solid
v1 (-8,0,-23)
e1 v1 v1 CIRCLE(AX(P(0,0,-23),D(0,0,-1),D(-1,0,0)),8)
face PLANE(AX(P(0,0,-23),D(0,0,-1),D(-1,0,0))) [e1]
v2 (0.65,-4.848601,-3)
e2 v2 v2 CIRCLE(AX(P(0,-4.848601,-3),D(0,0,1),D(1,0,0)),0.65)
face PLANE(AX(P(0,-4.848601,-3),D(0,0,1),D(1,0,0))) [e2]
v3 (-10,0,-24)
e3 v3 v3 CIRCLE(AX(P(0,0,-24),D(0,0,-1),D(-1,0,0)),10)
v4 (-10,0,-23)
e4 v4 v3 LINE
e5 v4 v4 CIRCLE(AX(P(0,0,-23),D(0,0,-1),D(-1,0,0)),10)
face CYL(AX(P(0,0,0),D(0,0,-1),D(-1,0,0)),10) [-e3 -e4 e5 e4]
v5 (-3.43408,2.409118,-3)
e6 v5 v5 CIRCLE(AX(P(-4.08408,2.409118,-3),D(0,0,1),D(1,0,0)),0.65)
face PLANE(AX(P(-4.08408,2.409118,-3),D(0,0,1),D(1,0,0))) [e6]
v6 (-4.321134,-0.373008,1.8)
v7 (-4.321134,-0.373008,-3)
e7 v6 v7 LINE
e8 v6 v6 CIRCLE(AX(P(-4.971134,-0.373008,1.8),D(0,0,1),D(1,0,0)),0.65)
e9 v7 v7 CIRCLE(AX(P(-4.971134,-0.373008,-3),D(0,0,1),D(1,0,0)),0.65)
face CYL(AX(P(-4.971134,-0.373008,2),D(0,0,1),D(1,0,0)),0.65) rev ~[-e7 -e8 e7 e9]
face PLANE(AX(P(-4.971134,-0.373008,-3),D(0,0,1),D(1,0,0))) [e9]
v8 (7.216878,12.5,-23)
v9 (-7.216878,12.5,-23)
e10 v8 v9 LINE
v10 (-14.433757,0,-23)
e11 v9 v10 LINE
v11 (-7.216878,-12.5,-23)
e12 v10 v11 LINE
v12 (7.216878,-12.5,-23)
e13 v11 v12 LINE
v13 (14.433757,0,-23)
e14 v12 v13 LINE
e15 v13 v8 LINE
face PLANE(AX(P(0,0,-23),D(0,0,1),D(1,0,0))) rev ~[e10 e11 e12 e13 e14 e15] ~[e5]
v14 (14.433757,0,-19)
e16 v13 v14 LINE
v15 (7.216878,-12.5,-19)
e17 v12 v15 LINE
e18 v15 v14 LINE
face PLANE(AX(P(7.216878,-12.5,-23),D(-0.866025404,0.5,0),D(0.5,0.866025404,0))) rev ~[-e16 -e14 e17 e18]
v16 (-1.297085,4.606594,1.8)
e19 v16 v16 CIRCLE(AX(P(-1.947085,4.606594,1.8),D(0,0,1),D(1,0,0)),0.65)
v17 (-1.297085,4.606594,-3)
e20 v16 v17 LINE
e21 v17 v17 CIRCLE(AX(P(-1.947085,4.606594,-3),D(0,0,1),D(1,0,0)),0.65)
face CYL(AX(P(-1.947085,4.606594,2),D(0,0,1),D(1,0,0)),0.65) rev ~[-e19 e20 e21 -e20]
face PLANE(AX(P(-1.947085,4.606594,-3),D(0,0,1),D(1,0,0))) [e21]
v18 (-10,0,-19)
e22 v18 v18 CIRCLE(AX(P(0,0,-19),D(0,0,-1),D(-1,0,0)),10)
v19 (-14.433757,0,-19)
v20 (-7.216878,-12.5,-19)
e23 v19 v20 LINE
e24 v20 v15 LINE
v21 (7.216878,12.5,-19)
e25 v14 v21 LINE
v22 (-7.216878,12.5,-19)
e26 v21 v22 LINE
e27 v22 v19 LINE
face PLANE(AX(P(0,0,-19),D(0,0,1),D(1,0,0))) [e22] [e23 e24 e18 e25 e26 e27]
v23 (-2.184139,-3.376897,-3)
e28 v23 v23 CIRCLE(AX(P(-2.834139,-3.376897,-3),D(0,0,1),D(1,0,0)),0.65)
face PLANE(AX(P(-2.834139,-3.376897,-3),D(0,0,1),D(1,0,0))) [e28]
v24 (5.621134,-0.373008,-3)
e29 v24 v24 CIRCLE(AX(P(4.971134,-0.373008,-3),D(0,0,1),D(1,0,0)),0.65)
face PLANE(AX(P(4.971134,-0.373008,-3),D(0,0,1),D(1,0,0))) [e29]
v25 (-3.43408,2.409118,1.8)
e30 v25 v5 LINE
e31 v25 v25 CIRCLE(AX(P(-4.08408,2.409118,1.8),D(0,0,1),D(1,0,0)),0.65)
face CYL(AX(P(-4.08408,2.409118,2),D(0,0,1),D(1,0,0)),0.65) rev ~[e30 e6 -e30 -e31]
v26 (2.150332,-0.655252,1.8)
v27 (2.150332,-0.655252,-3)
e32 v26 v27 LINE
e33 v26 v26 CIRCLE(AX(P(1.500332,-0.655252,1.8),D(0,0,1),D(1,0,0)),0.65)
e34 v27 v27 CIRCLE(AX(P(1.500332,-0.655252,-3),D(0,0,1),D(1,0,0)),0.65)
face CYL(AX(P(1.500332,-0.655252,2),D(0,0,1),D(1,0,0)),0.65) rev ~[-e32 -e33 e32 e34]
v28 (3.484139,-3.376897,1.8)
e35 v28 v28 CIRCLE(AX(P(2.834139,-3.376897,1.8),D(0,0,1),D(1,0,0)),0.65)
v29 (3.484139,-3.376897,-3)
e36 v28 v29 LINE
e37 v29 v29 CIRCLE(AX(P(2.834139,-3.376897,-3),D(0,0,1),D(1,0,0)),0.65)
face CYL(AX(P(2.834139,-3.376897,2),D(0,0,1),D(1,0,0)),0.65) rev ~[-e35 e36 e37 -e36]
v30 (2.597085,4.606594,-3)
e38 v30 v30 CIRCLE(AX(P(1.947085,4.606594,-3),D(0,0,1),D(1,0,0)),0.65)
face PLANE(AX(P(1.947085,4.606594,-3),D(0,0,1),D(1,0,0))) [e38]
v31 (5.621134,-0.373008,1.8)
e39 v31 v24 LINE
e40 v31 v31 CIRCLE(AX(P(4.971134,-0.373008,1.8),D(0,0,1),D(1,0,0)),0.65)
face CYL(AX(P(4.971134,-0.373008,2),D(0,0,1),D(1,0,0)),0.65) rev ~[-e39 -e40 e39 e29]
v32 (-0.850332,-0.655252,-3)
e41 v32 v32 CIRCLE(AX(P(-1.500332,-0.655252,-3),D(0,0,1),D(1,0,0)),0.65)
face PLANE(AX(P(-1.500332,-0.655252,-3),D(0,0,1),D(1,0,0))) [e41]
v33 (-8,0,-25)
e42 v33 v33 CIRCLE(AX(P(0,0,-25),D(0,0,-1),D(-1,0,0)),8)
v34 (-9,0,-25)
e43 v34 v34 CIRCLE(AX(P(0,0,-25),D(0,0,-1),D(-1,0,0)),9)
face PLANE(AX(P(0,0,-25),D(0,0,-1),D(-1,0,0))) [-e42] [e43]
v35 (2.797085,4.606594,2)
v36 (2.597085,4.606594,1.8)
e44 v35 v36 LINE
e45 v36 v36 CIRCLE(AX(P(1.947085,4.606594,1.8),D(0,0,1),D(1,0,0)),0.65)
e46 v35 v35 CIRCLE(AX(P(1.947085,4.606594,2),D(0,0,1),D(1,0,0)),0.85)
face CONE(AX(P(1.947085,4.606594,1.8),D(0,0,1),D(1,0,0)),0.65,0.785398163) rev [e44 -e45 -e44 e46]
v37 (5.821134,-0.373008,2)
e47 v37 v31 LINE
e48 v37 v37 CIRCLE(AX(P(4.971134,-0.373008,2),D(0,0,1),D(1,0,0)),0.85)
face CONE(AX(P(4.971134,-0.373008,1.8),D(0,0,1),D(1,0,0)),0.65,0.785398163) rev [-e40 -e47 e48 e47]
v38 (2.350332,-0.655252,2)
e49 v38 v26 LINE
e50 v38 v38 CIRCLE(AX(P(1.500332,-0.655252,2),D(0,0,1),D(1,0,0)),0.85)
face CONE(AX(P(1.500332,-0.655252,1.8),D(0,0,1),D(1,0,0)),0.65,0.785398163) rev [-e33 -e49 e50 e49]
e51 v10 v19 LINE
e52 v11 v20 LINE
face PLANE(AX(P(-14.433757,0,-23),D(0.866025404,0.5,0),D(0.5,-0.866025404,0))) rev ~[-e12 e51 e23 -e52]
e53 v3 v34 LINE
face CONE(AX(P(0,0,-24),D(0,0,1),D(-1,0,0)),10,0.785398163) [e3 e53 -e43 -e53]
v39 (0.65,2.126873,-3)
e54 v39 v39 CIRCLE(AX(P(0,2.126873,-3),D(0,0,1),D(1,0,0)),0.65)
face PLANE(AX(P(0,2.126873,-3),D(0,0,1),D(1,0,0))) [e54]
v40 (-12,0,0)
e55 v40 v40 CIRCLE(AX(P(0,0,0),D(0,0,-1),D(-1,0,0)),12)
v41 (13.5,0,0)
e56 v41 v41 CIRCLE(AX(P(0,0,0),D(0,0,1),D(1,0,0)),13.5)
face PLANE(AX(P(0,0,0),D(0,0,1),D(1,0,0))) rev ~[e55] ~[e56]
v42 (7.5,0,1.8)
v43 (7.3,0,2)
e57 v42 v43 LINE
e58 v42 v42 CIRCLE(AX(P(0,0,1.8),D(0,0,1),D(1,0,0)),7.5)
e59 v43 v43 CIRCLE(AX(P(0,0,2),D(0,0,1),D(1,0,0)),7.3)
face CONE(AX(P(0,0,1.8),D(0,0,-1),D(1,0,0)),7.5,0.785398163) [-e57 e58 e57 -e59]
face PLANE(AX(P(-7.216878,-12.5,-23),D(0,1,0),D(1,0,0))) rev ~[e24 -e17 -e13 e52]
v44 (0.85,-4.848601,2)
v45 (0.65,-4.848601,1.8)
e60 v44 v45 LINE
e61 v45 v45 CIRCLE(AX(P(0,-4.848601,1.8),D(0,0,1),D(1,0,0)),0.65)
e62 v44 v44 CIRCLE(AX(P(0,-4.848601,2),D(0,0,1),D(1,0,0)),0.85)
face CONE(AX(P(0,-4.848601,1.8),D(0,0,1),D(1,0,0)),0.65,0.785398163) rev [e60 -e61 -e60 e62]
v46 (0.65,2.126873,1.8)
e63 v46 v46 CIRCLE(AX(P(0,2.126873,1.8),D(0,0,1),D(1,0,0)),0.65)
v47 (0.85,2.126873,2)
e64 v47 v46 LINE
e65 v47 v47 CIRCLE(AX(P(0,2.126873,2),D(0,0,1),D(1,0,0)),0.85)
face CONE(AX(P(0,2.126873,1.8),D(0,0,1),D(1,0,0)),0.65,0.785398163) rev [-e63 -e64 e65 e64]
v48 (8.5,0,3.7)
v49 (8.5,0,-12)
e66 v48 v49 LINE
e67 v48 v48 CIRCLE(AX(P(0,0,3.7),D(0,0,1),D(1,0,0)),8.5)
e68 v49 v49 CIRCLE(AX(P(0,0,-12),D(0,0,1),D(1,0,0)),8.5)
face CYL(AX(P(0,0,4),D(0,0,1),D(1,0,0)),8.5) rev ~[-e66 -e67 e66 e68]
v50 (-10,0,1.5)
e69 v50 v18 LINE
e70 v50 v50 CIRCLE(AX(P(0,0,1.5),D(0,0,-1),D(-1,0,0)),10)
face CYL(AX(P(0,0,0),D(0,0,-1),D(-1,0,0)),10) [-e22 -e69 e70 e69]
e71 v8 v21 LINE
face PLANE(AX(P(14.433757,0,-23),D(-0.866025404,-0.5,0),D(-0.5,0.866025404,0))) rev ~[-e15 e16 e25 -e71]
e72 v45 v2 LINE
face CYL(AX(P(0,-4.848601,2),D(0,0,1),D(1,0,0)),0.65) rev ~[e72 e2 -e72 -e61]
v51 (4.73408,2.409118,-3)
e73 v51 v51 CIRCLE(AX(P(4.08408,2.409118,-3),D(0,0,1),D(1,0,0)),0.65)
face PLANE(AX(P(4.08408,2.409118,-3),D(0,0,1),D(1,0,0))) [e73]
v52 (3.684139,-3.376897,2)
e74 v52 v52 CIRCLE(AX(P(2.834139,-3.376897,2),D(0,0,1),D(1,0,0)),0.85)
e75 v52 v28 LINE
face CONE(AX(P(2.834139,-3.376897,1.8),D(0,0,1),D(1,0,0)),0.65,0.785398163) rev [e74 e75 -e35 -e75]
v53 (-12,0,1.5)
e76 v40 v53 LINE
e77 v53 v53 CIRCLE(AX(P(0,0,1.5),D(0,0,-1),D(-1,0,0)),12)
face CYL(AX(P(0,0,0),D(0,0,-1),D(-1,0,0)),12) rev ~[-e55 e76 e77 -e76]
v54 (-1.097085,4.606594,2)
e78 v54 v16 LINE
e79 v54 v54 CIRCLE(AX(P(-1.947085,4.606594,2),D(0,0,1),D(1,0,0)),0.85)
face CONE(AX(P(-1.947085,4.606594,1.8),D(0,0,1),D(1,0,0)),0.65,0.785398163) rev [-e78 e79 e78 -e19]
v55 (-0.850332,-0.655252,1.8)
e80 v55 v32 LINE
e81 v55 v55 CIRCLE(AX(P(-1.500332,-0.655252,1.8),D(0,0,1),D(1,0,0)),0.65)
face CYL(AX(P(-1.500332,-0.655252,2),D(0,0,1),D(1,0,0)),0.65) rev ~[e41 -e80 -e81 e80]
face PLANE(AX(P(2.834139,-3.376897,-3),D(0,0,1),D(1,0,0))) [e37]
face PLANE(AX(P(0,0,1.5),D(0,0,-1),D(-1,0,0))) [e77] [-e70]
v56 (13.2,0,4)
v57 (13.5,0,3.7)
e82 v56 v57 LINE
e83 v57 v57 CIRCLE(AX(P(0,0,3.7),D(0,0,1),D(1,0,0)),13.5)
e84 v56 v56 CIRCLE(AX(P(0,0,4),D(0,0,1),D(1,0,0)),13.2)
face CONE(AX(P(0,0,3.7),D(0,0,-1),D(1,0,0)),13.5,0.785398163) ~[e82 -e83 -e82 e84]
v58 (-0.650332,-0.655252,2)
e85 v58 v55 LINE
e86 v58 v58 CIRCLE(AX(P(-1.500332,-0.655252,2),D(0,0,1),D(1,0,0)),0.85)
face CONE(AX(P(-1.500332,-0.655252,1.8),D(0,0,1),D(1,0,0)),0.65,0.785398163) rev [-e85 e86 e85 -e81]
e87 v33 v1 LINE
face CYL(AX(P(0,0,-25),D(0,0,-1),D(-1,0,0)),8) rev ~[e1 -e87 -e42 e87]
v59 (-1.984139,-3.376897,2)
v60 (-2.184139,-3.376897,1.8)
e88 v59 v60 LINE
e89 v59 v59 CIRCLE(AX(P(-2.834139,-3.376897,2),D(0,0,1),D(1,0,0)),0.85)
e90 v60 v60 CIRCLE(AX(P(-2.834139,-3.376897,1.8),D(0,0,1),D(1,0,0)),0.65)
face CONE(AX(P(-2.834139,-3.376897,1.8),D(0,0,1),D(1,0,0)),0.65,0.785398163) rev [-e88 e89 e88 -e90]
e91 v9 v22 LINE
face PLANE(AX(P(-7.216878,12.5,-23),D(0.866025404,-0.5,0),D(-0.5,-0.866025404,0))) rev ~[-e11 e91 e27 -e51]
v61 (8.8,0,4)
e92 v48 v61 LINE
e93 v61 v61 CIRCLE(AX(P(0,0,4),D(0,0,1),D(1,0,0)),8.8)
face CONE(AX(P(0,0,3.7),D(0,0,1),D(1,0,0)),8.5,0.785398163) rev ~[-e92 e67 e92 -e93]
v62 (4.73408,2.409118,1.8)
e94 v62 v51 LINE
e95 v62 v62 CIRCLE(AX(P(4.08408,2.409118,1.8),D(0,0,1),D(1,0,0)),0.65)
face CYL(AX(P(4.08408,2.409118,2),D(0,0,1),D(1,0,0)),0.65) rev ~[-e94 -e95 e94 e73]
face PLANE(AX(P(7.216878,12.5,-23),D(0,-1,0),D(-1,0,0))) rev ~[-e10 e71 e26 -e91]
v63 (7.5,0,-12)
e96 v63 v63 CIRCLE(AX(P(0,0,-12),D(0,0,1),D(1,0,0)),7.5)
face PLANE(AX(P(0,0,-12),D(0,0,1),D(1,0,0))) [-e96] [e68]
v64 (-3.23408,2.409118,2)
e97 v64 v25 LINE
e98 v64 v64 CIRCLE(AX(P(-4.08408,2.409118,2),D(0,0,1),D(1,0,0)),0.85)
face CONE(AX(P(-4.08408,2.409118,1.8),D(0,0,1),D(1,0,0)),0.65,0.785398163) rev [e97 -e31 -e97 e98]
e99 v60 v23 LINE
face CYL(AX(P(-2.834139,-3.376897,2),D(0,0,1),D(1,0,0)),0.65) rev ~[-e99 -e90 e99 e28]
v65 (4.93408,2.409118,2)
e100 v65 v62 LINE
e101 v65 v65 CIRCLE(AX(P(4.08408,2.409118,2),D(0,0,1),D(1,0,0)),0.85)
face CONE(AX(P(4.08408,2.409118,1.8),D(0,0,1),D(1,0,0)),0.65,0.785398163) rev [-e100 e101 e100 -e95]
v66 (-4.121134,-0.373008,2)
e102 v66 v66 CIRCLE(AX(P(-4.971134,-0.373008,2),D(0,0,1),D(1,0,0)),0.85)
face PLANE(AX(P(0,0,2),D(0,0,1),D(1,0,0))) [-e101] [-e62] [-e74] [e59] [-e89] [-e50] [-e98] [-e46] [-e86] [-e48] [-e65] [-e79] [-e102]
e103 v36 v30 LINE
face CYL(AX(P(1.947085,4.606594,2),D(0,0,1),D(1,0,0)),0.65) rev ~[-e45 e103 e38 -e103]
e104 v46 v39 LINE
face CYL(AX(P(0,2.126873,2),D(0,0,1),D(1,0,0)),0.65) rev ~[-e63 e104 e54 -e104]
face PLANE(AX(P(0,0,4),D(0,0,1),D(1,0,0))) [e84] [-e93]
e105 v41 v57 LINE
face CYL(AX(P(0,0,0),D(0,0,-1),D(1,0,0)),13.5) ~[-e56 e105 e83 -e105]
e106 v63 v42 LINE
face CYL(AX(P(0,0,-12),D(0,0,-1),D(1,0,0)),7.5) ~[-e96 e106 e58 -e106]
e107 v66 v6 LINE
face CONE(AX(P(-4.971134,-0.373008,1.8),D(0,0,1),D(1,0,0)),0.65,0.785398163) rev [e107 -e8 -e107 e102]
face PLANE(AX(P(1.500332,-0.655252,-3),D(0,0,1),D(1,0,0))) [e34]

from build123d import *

# Parameters (mm, degrees)
SKETCH1_R          = 13.5
EXTRUDE1_DEPTH     = 4
SKETCH3_R          = 10
EXTRUDE3_DEPTH     = 25
SKETCH7_R          = 8.5
CUT_EXTRUDE5_DEPTH = 16
SKETCH4_R          = 7.5
EXTRUDE4_DEPTH     = 14
CHAMFER1_SIZE      = 0.2
CHAMFER3_SIZE      = 0.3
SKETCH5_R          = 12
SKETCH5_R_2        = 10
CUT_EXTRUDE1_DEPTH = 1.5
SKETCH8_R          = 8
CUT_EXTRUDE6_DEPTH = 2
CHAMFER5_SIZE      = 1
SKETCH6_R          = 0.65
CUT_EXTRUDE2_DEPTH = 5
CHAMFER6_SIZE      = 0.2
EXTRUDE5_DEPTH     = 4


with BuildPart() as part:
    # Sketch1 → Extrude1 (new body)
    with BuildSketch(Plane.XY):
        Circle(SKETCH1_R)
    extrude(amount=EXTRUDE1_DEPTH)

    # Sketch3 → Extrude3 (add)
    with BuildSketch(Plane(origin=(0, 0, 0), x_dir=(-1, 0, 0), z_dir=(0, 0, -1))):
        Circle(SKETCH3_R)
    extrude(amount=EXTRUDE3_DEPTH)

    # Sketch7 → Cut-Extrude5 (cut)
    with BuildSketch(Plane.XY.offset(4)):
        Circle(SKETCH7_R)
    extrude(amount=-CUT_EXTRUDE5_DEPTH, mode=Mode.SUBTRACT)

    # Sketch4 → Extrude4 (add)
    with BuildSketch(Plane.XY.offset(-12)):
        Circle(SKETCH4_R)
    extrude(amount=EXTRUDE4_DEPTH)

    # Chamfer1
    chamfer1_edges = [part.edges().sort_by_distance(p)[0] for p in [
        (-7.5, 0, 2),
    ]]
    chamfer(chamfer1_edges, length=CHAMFER1_SIZE)

    # Chamfer3
    chamfer3_edges = [part.edges().sort_by_distance(p)[0] for p in [
        (-8.5, 0, 4),
        (-13.5, 0, 4),
    ]]
    chamfer(chamfer3_edges, length=CHAMFER3_SIZE)

    # Sketch5 → Cut-Extrude1 (cut)
    with BuildSketch(Plane(origin=(0, 0, 0), x_dir=(-1, 0, 0), z_dir=(0, 0, -1))):
        Circle(SKETCH5_R)
        Circle(SKETCH5_R_2, mode=Mode.SUBTRACT)
    extrude(amount=-CUT_EXTRUDE1_DEPTH, mode=Mode.SUBTRACT)

    # Sketch8 → Cut-Extrude6 (cut)
    with BuildSketch(Plane(origin=(0, 0, -25), x_dir=(-1, 0, 0), z_dir=(0, 0, -1))):
        Circle(SKETCH8_R)
    extrude(amount=-CUT_EXTRUDE6_DEPTH, mode=Mode.SUBTRACT)

    # Chamfer5
    chamfer5_edges = [part.edges().sort_by_distance(p)[0] for p in [
        (10, 0, -25),
    ]]
    chamfer(chamfer5_edges, length=CHAMFER5_SIZE)

    # Sketch6 → Cut-Extrude2 (cut)
    with BuildSketch(Plane.XY.offset(2)):
        with Locations((1.500332219, -0.655252352)):
            Circle(SKETCH6_R)
        with Locations((0, 2.126873458)):
            Circle(SKETCH6_R)
        with Locations((0, -4.848601397)):
            Circle(SKETCH6_R)
        with Locations((2.83413915, -3.376897165)):
            Circle(SKETCH6_R)
        with Locations((1.947084544, 4.606594287)):
            Circle(SKETCH6_R)
        with Locations((4.971134337, -0.373007704)):
            Circle(SKETCH6_R)
        with Locations((-4.084079731, 2.409118105)):
            Circle(SKETCH6_R)
        with Locations((-4.971134337, -0.373007704)):
            Circle(SKETCH6_R)
        with Locations((-1.947084544, 4.606594287)):
            Circle(SKETCH6_R)
        with Locations((-2.83413915, -3.376897165)):
            Circle(SKETCH6_R)
        with Locations((-1.500332219, -0.655252352)):
            Circle(SKETCH6_R)
        with Locations((4.084079731, 2.409118105)):
            Circle(SKETCH6_R)
    extrude(amount=-CUT_EXTRUDE2_DEPTH, mode=Mode.SUBTRACT)

    # Chamfer6
    chamfer6_edges = [part.edges().sort_by_distance(p)[0] for p in [
        (0.850332219, -0.655252352, 2),
        (-0.65, 2.126873458, 2),
        (-0.65, -4.848601397, 2),
        (1.297084544, 4.606594287, 2),
        (2.18413915, -3.376897165, 2),
        (4.321134337, -0.373007704, 2),
        (-4.734079731, 2.409118105, 2),
        (-5.621134337, -0.373007704, 2),
        (-2.597084544, 4.606594287, 2),
        (-3.48413915, -3.376897165, 2),
        (-2.150332219, -0.655252352, 2),
        (3.434079731, 2.409118105, 2),
    ]]
    chamfer(chamfer6_edges, length=CHAMFER6_SIZE)

    # Sketch9 → Extrude5 (add)
    with BuildSketch(Plane(origin=(0, 0, -23), x_dir=(-1, 0, 0), z_dir=(0, 0, -1))):
        Polygon((-7.216878365, 12.5), (7.216878365, 12.5), (14.43375673, 0), (7.216878365, -12.5), (-7.216878365, -12.5), (-14.43375673, 0), align=None)
    extrude(amount=-EXTRUDE5_DEPTH)


solid = part.part
